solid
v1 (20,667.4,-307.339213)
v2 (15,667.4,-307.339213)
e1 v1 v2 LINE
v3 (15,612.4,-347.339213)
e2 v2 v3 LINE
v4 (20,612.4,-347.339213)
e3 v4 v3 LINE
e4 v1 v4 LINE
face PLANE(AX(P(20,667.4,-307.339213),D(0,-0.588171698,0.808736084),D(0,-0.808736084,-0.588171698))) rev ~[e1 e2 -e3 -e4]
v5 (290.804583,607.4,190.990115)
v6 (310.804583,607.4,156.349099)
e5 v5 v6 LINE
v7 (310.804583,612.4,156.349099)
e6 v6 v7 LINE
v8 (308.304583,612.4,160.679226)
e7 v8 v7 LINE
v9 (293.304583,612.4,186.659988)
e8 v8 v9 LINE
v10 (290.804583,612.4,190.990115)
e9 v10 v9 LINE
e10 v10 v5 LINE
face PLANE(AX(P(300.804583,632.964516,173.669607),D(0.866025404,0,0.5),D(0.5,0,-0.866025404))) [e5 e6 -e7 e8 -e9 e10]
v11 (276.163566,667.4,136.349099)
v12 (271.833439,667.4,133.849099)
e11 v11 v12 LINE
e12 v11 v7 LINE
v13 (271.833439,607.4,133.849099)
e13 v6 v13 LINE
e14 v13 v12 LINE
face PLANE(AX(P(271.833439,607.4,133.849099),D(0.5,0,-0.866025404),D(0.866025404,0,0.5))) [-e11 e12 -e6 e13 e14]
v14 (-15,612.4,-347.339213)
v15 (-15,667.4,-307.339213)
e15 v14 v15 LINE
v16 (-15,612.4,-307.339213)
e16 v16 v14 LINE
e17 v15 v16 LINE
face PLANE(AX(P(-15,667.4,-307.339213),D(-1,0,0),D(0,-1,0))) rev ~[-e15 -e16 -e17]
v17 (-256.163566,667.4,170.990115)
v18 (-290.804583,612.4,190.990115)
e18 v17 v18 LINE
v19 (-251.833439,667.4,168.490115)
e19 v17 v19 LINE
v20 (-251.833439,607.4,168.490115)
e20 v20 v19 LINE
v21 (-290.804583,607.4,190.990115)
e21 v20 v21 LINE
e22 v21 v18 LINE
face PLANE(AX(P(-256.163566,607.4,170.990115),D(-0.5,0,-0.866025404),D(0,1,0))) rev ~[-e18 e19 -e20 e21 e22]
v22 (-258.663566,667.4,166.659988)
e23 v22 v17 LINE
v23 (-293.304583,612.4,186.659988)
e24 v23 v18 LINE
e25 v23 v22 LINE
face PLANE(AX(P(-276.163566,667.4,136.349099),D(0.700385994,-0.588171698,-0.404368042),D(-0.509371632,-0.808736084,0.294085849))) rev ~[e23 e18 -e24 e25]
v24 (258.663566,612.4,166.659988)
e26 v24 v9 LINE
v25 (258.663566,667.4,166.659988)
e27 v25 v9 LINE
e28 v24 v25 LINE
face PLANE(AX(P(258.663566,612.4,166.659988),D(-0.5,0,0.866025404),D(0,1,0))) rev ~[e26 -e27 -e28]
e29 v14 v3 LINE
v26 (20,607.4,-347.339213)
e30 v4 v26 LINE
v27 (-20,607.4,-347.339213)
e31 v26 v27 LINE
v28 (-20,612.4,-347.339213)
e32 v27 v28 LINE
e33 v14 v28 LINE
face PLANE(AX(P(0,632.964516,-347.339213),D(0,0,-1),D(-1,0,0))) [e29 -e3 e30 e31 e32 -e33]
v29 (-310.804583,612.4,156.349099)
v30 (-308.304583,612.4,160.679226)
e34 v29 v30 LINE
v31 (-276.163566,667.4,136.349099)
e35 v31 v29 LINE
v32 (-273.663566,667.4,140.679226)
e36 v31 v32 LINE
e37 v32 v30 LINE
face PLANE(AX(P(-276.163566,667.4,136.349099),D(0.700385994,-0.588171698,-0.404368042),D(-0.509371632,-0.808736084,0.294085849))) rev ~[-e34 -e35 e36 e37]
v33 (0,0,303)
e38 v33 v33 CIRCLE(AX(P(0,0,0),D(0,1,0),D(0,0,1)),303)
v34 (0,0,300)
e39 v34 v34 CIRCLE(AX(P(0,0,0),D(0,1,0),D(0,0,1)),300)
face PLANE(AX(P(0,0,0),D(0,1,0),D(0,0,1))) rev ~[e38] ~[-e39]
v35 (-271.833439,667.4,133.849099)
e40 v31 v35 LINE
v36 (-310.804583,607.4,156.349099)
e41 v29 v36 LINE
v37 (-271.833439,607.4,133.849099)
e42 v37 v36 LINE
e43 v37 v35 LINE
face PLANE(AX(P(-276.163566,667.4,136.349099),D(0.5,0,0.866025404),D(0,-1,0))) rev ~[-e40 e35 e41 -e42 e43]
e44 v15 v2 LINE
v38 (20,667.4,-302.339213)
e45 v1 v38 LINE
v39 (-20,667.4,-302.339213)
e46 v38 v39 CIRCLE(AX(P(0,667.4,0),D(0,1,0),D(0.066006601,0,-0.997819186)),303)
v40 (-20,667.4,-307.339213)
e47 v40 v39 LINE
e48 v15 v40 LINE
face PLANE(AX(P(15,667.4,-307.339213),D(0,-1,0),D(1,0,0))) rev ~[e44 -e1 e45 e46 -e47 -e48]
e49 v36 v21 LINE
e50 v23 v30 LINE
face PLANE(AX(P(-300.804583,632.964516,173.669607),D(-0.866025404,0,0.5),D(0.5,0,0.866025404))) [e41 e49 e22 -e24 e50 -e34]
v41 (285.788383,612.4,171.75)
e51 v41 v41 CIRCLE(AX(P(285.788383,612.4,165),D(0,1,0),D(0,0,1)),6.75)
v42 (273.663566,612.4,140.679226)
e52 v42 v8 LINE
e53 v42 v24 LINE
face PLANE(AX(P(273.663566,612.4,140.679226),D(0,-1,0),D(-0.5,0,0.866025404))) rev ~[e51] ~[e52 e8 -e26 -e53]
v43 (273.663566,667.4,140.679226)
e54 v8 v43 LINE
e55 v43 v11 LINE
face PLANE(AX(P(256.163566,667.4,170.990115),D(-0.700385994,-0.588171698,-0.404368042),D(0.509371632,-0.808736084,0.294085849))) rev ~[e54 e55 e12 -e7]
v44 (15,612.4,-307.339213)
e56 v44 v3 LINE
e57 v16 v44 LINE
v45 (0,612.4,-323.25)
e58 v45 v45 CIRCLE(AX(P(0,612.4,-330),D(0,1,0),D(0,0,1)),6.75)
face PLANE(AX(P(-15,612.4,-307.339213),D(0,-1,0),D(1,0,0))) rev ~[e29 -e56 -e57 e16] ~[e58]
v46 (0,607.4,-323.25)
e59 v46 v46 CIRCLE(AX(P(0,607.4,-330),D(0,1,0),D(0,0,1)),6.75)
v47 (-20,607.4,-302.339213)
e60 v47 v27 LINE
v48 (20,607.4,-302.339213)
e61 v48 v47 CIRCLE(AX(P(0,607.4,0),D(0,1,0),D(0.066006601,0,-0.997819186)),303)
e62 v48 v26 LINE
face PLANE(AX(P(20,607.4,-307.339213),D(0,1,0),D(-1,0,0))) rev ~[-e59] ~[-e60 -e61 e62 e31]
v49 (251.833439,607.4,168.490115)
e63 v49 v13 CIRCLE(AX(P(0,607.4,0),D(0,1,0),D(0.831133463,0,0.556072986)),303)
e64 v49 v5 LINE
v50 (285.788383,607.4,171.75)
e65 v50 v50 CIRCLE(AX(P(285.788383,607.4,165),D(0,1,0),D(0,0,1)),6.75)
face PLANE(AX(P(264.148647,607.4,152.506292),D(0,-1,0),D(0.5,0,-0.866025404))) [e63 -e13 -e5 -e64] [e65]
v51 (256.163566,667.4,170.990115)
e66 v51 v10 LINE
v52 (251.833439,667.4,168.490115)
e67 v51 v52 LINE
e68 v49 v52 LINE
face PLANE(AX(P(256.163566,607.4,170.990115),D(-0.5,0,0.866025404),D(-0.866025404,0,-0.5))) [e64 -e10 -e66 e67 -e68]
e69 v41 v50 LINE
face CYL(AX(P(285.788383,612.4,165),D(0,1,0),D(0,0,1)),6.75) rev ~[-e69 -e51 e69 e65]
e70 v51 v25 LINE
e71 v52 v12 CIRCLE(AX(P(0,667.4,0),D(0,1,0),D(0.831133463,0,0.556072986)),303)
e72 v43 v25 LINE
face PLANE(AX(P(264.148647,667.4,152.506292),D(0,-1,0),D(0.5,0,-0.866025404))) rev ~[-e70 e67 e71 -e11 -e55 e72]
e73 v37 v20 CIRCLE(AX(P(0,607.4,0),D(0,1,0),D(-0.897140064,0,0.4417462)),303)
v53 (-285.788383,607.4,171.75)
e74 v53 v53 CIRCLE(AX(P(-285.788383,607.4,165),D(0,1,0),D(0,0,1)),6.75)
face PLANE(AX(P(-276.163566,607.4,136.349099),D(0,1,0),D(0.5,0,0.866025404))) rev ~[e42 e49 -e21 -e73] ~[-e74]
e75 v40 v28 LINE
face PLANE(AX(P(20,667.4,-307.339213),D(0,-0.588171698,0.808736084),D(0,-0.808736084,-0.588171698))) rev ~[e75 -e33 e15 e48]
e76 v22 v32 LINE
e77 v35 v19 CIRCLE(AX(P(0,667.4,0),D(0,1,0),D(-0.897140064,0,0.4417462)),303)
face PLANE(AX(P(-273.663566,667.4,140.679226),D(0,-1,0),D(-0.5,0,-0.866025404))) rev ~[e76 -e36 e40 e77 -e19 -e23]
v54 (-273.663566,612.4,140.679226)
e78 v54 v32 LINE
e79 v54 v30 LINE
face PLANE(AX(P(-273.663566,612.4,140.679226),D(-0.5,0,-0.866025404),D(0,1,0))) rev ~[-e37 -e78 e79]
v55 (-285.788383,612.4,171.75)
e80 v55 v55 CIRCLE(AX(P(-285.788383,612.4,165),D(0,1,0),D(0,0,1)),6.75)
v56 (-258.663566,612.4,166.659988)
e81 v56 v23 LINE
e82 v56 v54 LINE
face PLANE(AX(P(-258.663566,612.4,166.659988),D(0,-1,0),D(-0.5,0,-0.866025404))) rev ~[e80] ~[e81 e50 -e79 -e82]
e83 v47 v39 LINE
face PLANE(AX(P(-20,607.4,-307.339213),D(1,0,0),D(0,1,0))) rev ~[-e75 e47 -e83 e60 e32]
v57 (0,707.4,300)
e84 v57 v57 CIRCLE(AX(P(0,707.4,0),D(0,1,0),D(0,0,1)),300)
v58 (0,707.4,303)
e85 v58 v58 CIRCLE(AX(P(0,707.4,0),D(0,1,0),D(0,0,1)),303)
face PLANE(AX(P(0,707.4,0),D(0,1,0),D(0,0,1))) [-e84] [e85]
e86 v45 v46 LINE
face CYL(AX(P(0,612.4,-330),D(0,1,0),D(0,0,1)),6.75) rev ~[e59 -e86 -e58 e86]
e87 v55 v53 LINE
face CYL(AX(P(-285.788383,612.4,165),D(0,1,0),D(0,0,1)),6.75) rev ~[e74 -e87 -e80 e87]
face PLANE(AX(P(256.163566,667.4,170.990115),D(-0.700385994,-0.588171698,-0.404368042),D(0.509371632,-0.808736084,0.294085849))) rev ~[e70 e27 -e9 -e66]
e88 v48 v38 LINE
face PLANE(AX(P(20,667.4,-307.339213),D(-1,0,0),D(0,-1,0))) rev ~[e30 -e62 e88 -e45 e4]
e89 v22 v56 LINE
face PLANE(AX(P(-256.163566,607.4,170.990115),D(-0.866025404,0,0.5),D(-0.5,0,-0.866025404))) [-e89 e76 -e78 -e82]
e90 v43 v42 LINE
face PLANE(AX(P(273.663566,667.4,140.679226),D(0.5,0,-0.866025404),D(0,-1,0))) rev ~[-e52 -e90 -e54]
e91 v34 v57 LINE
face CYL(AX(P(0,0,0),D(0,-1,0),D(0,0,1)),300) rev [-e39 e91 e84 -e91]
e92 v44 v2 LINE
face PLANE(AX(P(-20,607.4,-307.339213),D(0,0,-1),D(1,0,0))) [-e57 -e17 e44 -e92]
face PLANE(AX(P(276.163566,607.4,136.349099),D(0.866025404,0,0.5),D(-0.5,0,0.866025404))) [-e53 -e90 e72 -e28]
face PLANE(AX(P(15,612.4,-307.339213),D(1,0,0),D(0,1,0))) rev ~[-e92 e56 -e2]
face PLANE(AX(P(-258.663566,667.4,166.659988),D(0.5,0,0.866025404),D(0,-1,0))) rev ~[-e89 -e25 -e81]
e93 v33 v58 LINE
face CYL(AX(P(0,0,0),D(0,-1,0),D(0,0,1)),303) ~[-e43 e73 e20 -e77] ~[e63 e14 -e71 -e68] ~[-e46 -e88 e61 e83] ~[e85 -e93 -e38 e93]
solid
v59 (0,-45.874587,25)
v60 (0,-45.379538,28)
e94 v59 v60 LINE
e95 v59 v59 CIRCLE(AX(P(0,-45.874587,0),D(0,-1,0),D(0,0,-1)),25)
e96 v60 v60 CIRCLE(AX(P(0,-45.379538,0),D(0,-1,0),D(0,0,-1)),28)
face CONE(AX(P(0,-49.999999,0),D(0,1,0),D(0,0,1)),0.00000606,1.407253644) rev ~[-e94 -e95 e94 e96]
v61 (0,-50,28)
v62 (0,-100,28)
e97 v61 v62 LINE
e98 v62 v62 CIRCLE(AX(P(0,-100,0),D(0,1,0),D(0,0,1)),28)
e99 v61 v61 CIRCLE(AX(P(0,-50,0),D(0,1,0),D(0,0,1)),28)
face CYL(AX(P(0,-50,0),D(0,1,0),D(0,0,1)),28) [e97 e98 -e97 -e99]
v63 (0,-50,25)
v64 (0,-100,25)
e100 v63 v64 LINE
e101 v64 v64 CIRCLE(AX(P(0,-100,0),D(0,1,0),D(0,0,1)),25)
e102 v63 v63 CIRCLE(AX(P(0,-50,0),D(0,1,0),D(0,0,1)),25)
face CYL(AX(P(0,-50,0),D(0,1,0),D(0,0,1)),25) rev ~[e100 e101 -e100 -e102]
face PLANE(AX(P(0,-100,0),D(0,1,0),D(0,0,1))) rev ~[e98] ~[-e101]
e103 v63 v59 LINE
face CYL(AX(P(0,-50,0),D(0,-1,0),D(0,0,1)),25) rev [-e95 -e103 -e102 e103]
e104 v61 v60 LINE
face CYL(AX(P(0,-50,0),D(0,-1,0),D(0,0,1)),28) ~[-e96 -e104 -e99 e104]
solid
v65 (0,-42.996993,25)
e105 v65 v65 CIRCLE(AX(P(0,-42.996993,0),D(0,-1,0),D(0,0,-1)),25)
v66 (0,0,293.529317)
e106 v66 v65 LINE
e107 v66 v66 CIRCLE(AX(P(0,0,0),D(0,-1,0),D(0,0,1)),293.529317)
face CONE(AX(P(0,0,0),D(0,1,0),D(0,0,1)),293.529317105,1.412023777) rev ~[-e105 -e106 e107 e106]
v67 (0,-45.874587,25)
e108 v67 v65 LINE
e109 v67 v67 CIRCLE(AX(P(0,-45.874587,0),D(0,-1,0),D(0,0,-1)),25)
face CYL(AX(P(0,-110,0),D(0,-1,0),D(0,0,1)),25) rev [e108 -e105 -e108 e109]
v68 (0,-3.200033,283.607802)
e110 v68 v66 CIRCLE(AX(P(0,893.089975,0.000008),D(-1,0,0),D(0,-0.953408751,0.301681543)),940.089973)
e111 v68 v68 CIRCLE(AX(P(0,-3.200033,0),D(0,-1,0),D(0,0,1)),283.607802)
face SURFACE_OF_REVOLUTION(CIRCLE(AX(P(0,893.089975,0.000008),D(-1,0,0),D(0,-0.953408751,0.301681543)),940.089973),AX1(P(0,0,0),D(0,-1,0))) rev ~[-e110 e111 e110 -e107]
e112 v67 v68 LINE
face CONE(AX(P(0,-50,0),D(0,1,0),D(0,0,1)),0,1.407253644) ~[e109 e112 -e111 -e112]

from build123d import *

# Parameters (mm, degrees)
SKETCH1_R                       = 303
SKETCH1_R_2                     = 300
BOSS_EXTRUDE1_DEPTH             = 707.4
BOSS_EXTRUDE2_DEPTH             = 60
BOSS_EXTRUDE3_DEPTH             = 40
CUT_EXTRUDE1_DEPTH              = 40
CIRPATTERN1_COUNT               = 3
SKETCH12_R                      = 6.75
CUT_EXTRUDE2_DEPTH              = 40
SKETCH13_R                      = 28
SKETCH13_R_2                    = 25
BOSS_EXTRUDE5_DEPTH             = 50
BOSS_EXTRUDE5_DIRECTION_2_REACH = 891.325
CUT_EXTRUDE4_DEPTH              = 10
CUT_EXTRUDE4_DEPTH_BACK         = 60
SKETCH15_R                      = 25


with BuildPart() as part:
    # Sketch1 → Boss-Extrude1 (new body)
    with BuildSketch(Plane(origin=(0, 0, 0), x_dir=(1, 0, 0), z_dir=(0, 1, 0))):
        with Locations(Location((0, 0, 0), (0, 0, 270))):
            Circle(SKETCH1_R)
        with Locations(Location((0, 0, 0), (0, 0, 270))):
            Circle(SKETCH1_R_2, mode=Mode.SUBTRACT)
    extrude(amount=BOSS_EXTRUDE1_DEPTH)

    # Sketch7 → Boss-Extrude2 (add)
    with BuildSketch(Plane(origin=(0, 607.4, 0), x_dir=(1, 0, 0), z_dir=(0, 1, 0))):
        with BuildLine():
            Line((0, 307.339213467), (20, 307.339213467))
            Line((20, 307.339213467), (20, 302.339213467))
            ThreePointArc((20, 302.339213467), (0, 303), (-20, 302.339213467))
            Line((-20, 302.339213467), (-20, 307.339213467))
            Line((-20, 307.339213467), (0, 307.339213467))
        make_face()
    boss_extrude2 = extrude(amount=BOSS_EXTRUDE2_DEPTH)

    # Sketch8 → Boss-Extrude3 (add)
    with BuildSketch(Plane(origin=(0, 0, -307.339213467), x_dir=(-1, 0, 0), z_dir=(0, 0, -1))):
        Polygon((-20, 667.4), (-20, 607.4), (20, 607.4), (20, 667.4), (15, 667.4), (15, 612.4), (-15, 612.4), (-15, 667.4), align=None)
    boss_extrude3 = extrude(amount=BOSS_EXTRUDE3_DEPTH)

    # Sketch11 → Cut-Extrude1 (cut)
    with BuildSketch(Plane(origin=(20, 0, 0), x_dir=(0, 0, -1), z_dir=(1, 0, 0))):
        Polygon((307.339213467, 667.4), (347.339213467, 612.4), (347.339213467, 667.4), align=None)
    cut_extrude1 = extrude(amount=-CUT_EXTRUDE1_DEPTH, mode=Mode.SUBTRACT)

    # CirPattern1: Boss-Extrude2, Boss-Extrude3, Cut-Extrude1 ×3 about axis
    cirpattern1_axis = Axis((0, 0, 0), (0, 1, 0))
    add([boss_extrude2.rotate(cirpattern1_axis, i * 360 / CIRPATTERN1_COUNT) for i in range(1, CIRPATTERN1_COUNT)])
    add([boss_extrude3.rotate(cirpattern1_axis, i * 360 / CIRPATTERN1_COUNT) for i in range(1, CIRPATTERN1_COUNT)])
    add([cut_extrude1.rotate(cirpattern1_axis, i * 360 / CIRPATTERN1_COUNT) for i in range(1, CIRPATTERN1_COUNT)], mode=Mode.SUBTRACT)

    # Sketch12 → Cut-Extrude2 (cut)
    with BuildSketch(Plane(origin=(0, 612.4, 0), x_dir=(1, 0, 0), z_dir=(0, 1, 0))):
        with Locations(Location((0, 330, 0), (0, 0, 270))):
            Circle(SKETCH12_R)
        with Locations(Location((285.788383249, -165, 0), (0, 0, 270))):
            Circle(SKETCH12_R)
        with Locations(Location((-285.788383249, -165, 0), (0, 0, 270))):
            Circle(SKETCH12_R)
    extrude(amount=-CUT_EXTRUDE2_DEPTH, mode=Mode.SUBTRACT)


with BuildPart() as body_2:
    # Sketch3 → Revolve8 (revolve)
    with BuildSketch(Plane(origin=(0, 0, 0), x_dir=(0, 0, -1), z_dir=(1, 0, 0)), mode=Mode.PRIVATE) as revolve8_sk:
        with BuildLine():
            ThreePointArc((283.607802277, -3.200032627), (288.572995435, -1.61376908), (293.529317105, 0))
            Line((293.529317105, 0), (0, -47))
            Line((0, -47), (0, -50))
            Line((0, -50), (283.607802277, -3.200032627))
        make_face()
    revolve(revolve8_sk.sketch.rotate(Axis((0, 0, 0), (0, -1, 0)), 180), axis=Axis((0, 0, 0), (0, -1, 0)))

    # Sketch15 → Cut-Extrude4 (cut, two sides: drawn at the far end of the back side and taken through both)
    with BuildSketch(Plane(origin=(0, -50, 0), x_dir=(1, 0, 0), z_dir=(0, 1, 0)).offset(-CUT_EXTRUDE4_DEPTH_BACK)):
        with Locations(Location((0, 0, 0), (0, 0, 270))):
            Circle(SKETCH15_R)
    extrude(amount=CUT_EXTRUDE4_DEPTH + CUT_EXTRUDE4_DEPTH_BACK, mode=Mode.SUBTRACT)


with BuildPart() as body_3:
    # Sketch13 → Boss-Extrude5 (new body)
    with BuildSketch(Plane(origin=(0, -50, 0), x_dir=(1, 0, 0), z_dir=(0, 1, 0))):
        with Locations(Location((0, 0, 0), (0, 0, 270))):
            Circle(SKETCH13_R)
        with Locations(Location((0, 0, 0), (0, 0, 270))):
            Circle(SKETCH13_R_2, mode=Mode.SUBTRACT)
    extrude(amount=-BOSS_EXTRUDE5_DEPTH)

    # Boss-Extrude5 direction 2: up to this cone (the profile starts outside it)
    boss_extrude5_direction_2_end = Plane(origin=(0, -50, 0), z_dir=(0, 1, 0)).offset(1e-06) * Cone(6.06e-06, 5404.4595, 891.824999, align=(Align.CENTER, Align.CENTER, Align.MIN), mode=Mode.PRIVATE)
    # Sketch13 → Boss-Extrude5 direction 2 (add, up to the surface)
    with BuildSketch(Plane(origin=(0, -50, 0), x_dir=(1, 0, 0), z_dir=(0, 1, 0)), mode=Mode.PRIVATE) as boss_extrude5_direction_2_sk1:
        with Locations(Location((0, 0, 0), (0, 0, 270))):
            Circle(SKETCH13_R)
        with Locations(Location((0, 0, 0), (0, 0, 270))):
            Circle(SKETCH13_R_2, mode=Mode.SUBTRACT)
    boss_extrude5_direction_2_tool1 = extrude(boss_extrude5_direction_2_sk1.sketch, amount=BOSS_EXTRUDE5_DIRECTION_2_REACH, mode=Mode.PRIVATE) - boss_extrude5_direction_2_end
    add(boss_extrude5_direction_2_tool1.solids().sort_by_distance((0, -50, -27.20804))[0])


solid = Compound([part.part, body_2.part, body_3.part])
